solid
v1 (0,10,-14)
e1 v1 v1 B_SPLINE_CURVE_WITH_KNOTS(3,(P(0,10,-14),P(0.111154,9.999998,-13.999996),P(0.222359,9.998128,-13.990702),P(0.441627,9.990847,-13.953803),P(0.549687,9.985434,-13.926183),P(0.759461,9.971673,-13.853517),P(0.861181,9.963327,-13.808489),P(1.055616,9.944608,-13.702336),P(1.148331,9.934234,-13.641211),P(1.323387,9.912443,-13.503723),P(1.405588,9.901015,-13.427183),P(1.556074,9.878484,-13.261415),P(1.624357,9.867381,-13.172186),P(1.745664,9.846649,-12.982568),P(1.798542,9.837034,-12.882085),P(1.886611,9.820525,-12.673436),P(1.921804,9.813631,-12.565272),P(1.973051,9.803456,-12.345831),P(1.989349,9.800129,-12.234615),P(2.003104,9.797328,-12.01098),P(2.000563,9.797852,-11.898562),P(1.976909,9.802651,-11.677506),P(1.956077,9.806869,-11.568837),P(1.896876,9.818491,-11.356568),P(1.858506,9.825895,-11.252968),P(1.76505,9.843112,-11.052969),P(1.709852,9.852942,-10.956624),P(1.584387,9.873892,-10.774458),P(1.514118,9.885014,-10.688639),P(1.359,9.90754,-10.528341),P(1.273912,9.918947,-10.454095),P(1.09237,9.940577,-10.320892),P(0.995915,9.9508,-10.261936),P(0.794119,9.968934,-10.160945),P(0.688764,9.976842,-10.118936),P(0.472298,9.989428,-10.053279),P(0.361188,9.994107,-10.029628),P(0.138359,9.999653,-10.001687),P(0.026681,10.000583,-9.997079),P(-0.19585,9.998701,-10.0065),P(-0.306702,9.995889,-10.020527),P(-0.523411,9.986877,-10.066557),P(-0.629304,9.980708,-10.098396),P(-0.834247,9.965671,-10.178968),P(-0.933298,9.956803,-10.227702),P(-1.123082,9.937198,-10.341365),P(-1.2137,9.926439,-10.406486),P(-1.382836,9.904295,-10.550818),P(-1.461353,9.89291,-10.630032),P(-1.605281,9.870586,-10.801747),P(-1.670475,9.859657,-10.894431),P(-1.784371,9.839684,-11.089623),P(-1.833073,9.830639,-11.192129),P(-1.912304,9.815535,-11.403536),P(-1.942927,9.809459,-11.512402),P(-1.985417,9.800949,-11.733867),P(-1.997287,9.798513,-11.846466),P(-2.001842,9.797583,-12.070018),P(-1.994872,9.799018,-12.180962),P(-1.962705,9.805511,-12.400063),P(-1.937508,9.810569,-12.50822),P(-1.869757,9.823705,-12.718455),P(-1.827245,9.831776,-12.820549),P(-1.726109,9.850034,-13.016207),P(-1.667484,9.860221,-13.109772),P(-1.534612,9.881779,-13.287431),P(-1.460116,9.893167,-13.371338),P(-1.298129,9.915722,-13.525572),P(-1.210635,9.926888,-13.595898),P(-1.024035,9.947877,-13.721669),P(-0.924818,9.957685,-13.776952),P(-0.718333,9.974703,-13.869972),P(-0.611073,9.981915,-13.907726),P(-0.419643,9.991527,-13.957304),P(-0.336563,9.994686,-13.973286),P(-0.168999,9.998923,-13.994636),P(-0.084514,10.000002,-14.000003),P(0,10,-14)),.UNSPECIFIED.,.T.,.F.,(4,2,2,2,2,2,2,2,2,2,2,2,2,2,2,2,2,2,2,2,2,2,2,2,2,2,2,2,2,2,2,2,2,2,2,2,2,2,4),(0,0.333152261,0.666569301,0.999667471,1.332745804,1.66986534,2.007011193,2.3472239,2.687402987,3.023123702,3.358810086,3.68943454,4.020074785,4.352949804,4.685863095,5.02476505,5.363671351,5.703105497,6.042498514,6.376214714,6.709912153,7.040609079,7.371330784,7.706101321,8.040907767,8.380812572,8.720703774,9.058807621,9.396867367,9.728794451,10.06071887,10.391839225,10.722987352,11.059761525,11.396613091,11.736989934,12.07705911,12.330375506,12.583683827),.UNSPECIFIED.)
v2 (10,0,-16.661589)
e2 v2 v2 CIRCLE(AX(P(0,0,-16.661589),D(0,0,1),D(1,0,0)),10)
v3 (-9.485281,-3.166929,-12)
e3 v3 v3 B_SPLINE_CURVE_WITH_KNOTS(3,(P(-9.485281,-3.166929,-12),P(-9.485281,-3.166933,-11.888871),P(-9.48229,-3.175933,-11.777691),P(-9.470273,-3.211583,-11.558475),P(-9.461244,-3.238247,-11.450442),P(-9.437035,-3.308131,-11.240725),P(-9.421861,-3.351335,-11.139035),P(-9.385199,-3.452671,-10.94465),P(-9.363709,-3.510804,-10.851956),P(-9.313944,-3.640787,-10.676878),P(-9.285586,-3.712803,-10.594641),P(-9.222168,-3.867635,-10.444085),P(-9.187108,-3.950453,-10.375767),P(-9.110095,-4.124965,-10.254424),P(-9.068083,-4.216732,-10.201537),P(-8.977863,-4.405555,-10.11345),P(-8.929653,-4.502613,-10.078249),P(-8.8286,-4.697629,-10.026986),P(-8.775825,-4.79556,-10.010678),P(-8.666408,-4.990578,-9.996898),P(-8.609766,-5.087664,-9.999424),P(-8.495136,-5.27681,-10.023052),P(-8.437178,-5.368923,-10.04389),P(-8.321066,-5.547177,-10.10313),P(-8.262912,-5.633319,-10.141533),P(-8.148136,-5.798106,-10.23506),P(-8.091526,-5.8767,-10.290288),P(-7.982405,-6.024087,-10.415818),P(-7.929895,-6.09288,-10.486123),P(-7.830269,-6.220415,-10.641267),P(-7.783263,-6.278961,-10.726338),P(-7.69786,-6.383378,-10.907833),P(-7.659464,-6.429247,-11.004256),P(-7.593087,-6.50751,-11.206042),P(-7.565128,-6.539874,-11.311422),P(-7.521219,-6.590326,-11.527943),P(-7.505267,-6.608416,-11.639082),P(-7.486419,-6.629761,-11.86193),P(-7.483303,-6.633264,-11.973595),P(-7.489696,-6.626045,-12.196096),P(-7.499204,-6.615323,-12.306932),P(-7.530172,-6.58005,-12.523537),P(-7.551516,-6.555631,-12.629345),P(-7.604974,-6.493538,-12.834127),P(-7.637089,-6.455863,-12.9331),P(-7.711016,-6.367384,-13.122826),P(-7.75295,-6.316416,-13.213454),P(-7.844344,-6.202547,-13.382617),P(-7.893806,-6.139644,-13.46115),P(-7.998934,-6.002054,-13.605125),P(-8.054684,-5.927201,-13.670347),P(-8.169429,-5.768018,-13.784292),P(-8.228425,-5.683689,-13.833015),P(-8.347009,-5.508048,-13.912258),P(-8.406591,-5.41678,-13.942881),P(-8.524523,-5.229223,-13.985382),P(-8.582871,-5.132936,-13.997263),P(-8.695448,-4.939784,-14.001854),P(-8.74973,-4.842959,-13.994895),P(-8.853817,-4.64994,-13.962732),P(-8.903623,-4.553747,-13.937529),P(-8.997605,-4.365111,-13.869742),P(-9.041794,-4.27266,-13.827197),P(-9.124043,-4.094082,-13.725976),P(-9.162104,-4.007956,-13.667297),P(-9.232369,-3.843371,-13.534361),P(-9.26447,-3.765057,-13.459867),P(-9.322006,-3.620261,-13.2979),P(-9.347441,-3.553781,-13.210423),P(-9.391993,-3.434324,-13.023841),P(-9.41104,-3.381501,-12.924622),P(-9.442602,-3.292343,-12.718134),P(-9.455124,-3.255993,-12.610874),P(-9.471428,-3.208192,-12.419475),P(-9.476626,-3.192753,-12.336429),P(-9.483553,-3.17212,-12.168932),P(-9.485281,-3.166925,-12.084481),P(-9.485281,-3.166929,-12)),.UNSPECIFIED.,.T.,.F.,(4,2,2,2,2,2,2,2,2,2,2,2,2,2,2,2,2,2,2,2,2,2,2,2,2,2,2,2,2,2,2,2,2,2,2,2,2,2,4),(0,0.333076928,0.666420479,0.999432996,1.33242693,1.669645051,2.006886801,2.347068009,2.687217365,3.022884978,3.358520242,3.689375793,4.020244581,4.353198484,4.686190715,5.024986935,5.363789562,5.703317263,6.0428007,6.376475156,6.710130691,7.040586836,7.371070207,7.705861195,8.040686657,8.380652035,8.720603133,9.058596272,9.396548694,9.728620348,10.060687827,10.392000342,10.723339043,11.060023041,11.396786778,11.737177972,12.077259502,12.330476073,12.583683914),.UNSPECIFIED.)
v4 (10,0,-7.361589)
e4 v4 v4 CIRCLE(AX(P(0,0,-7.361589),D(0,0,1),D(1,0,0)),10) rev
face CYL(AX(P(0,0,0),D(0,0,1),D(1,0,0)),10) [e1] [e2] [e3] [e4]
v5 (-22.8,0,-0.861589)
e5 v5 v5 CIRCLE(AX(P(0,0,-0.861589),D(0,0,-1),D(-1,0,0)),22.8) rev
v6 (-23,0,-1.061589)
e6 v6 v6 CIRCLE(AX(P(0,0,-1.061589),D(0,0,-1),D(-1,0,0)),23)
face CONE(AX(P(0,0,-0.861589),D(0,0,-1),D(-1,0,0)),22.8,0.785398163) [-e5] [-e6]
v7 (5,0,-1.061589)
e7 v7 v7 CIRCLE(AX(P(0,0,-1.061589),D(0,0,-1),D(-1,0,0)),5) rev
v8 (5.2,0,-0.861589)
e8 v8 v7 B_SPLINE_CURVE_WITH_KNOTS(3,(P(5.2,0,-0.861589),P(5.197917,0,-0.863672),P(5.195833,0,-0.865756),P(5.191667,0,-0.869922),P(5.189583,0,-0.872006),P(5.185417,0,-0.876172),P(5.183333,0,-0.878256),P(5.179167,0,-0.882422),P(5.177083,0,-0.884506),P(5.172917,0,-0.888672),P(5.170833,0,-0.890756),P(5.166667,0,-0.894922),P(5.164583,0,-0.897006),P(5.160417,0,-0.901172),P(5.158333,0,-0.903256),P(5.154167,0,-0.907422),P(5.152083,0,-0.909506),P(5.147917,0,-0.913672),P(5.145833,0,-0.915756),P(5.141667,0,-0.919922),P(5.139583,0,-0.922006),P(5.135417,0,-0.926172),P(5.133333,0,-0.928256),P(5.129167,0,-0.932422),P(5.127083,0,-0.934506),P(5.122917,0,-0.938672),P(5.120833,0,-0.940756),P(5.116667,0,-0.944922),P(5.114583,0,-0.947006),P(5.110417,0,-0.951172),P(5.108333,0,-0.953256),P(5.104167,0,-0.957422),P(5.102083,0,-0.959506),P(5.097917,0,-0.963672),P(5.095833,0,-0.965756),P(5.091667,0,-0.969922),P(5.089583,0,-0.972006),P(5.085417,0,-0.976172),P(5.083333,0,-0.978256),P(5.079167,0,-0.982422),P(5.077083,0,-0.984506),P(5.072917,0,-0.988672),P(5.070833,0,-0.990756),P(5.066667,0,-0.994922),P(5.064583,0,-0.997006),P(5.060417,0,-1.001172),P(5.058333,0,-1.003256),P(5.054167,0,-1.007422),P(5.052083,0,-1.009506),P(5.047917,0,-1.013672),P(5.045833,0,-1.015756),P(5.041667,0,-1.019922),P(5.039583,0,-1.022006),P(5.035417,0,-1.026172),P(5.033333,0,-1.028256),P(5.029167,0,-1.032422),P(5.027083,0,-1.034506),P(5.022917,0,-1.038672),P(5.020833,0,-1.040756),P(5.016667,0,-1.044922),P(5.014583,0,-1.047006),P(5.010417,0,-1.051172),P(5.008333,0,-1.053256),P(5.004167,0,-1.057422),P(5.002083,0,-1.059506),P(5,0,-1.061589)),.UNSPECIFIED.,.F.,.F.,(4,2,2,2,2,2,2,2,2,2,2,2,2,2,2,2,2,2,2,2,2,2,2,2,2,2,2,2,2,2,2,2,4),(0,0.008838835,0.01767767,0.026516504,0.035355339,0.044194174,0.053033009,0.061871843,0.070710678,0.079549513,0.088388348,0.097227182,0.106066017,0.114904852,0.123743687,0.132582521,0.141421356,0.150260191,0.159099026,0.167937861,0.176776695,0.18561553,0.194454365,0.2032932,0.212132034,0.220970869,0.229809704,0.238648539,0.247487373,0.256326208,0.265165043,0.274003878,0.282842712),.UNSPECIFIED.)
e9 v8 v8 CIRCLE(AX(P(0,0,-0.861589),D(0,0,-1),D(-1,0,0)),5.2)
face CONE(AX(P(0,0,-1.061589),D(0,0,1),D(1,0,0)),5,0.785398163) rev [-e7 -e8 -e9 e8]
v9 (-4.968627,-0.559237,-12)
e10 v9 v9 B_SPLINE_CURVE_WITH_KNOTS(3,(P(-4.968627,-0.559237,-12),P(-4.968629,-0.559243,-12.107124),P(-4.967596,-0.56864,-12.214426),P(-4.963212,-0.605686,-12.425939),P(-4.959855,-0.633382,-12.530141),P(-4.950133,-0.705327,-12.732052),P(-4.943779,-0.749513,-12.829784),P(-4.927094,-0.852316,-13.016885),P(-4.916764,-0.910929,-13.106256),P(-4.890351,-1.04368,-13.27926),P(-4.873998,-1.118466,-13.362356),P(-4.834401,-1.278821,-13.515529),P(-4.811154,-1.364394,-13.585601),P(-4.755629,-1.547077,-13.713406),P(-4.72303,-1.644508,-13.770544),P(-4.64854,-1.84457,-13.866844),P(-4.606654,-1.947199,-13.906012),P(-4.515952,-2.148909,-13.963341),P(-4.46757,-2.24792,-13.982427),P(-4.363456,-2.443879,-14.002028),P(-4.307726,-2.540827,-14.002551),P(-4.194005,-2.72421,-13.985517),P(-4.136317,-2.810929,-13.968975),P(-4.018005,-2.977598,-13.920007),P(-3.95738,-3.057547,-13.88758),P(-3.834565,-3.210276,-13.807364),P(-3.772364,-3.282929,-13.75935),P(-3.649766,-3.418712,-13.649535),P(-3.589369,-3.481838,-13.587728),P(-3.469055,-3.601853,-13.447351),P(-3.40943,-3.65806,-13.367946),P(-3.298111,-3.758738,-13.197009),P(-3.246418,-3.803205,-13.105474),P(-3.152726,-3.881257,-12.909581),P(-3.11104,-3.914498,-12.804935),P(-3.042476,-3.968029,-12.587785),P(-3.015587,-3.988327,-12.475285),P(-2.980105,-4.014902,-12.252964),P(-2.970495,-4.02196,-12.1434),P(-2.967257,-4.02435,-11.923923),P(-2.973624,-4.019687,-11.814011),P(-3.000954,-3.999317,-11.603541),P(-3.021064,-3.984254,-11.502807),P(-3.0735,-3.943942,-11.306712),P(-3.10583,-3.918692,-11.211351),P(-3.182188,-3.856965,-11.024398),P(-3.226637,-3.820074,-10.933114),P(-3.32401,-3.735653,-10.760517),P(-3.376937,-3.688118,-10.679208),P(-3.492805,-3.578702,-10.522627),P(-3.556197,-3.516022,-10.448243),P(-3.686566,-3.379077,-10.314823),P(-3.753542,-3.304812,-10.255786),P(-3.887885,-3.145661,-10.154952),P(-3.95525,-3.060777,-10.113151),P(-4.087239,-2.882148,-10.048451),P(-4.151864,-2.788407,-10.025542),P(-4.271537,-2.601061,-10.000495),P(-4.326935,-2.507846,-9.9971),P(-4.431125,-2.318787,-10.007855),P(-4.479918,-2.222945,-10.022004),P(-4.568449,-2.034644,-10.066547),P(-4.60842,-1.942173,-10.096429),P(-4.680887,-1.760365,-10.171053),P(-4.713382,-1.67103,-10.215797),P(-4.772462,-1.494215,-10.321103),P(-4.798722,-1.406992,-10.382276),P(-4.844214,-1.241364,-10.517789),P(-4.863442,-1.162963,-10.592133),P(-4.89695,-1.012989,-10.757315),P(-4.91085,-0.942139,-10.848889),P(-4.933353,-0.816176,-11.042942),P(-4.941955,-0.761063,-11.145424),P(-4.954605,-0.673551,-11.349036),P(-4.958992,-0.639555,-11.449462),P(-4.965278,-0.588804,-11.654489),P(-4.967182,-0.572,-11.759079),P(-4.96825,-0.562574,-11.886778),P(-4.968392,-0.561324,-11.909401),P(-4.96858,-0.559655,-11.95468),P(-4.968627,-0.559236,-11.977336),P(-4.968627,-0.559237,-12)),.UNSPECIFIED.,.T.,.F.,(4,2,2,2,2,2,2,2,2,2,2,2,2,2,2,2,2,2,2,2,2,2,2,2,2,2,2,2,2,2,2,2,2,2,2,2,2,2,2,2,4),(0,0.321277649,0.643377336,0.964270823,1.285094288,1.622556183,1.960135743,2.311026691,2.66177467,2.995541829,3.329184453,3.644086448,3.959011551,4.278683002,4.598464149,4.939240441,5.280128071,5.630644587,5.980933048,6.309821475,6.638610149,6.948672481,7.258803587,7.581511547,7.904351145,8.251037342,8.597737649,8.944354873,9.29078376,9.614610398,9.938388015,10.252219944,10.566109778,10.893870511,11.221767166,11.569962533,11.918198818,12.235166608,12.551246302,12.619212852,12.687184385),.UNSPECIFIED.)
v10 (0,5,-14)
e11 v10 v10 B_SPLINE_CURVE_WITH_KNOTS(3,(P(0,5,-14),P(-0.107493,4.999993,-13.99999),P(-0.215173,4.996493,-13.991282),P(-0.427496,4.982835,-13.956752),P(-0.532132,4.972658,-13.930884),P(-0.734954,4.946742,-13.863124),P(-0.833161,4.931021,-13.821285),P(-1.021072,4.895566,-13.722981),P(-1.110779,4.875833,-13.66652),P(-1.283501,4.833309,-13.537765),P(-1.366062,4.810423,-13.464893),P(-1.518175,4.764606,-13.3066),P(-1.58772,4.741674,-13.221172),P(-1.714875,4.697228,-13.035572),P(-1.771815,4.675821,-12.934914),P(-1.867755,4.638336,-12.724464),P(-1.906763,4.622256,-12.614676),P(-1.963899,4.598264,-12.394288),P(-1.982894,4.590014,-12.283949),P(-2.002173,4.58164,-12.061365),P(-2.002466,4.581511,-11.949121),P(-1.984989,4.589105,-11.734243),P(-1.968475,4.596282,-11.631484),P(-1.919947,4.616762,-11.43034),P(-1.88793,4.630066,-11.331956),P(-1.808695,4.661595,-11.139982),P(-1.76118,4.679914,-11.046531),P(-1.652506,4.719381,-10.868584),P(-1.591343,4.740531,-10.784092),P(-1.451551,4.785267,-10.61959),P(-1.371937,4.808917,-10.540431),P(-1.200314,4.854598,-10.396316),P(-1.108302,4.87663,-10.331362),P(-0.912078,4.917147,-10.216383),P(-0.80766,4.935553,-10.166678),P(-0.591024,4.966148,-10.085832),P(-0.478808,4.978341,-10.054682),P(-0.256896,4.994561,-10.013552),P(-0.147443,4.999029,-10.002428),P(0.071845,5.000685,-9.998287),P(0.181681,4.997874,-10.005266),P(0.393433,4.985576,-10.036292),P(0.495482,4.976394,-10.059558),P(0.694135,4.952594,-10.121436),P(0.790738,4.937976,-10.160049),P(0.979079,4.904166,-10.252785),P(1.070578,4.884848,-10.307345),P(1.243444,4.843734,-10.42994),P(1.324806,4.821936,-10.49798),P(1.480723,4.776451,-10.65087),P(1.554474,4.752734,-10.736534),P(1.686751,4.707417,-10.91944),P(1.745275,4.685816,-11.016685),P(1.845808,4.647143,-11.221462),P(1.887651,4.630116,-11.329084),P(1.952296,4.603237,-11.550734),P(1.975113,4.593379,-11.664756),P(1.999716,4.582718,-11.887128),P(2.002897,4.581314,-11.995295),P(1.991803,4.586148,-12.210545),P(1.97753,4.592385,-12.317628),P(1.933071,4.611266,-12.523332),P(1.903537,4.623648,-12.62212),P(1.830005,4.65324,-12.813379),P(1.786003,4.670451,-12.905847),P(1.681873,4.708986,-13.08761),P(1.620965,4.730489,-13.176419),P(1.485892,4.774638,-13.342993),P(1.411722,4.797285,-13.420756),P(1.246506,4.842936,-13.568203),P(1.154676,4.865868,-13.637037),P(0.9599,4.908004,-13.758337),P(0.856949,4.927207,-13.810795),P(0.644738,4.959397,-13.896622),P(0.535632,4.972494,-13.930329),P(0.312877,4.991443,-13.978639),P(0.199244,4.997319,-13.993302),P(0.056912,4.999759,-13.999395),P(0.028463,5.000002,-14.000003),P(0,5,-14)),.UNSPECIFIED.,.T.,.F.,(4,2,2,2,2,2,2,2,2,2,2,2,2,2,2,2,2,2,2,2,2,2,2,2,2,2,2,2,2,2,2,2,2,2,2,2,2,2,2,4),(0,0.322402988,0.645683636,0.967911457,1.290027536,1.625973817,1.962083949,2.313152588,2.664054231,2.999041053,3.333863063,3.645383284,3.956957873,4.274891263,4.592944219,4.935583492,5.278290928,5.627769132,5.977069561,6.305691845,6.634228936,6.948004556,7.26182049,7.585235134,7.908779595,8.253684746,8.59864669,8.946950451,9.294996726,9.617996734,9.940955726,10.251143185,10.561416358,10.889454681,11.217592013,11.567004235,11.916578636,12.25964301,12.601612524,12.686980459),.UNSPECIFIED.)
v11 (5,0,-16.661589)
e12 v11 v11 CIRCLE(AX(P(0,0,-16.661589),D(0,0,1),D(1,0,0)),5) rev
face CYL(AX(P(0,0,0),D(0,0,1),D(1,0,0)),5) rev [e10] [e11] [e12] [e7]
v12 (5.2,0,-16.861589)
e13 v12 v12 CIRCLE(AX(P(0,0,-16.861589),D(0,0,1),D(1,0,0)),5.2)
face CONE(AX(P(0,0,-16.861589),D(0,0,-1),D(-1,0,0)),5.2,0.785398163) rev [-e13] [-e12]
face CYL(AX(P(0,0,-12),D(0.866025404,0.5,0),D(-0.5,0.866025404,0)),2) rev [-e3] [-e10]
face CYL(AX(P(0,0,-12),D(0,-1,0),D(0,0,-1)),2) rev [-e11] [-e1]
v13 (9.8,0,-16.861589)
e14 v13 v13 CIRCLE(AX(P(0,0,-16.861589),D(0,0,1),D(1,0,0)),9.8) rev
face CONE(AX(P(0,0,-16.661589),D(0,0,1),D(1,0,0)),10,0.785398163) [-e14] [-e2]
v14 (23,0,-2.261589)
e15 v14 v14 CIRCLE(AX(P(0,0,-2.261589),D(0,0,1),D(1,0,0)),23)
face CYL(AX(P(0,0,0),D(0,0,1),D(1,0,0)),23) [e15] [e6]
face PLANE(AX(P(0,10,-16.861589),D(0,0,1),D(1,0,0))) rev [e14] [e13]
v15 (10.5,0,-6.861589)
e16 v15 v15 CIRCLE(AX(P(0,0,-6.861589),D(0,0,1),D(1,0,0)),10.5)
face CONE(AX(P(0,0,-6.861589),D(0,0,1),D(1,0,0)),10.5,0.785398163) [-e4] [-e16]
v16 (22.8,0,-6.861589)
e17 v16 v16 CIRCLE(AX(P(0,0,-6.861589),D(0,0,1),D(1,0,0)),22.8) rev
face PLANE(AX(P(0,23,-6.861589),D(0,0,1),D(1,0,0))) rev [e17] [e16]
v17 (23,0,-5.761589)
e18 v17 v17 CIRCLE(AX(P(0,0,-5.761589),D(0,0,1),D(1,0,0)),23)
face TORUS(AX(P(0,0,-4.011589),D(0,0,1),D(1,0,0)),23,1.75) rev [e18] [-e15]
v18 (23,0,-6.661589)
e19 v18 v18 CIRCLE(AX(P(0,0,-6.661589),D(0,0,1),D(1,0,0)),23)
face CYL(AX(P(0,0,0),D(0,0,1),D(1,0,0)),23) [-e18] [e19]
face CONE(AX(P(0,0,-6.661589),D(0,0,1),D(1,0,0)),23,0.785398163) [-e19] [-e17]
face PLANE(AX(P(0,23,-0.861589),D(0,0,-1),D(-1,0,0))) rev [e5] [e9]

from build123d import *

# Parameters (mm, degrees)
SKETCH_2_W               = 2
SKETCH_2_H               = 31.418584287
PATTERN_CIRCULAR_1_COUNT = 2
PATTERN_CIRCULAR_1_ANGLE = 120
CHAMFER_1_SIZE           = 0.2
CHAMFER_2_SIZE           = 0.5


with BuildPart() as part:
    # 草图1 → 旋转1 (revolve)
    with BuildSketch(Plane(origin=(0, 0, 0), x_dir=(0, 0, -1), z_dir=(1, 0, 0)), mode=Mode.PRIVATE) as revolve_1_sk:
        with BuildLine():
            Line((0.861588836, 5), (16.861588836, 5))
            Line((16.861588836, 5), (16.861588836, 10))
            Line((16.861588836, 10), (6.861588836, 10))
            Line((6.861588836, 10), (6.861588836, 23))
            Line((6.861588836, 23), (5.761588836, 23))
            ThreePointArc((5.761588836, 23), (4.011588836, 21.25), (2.261588836, 23))
            Line((2.261588836, 23), (0.861588836, 23))
            Line((0.861588836, 23), (0.861588836, 5))
        make_face()
    revolve(revolve_1_sk.sketch.rotate(Axis((0, 0, 0), (0, 0, -1)), 90), axis=Axis((0, 0, 0), (0, 0, -1)))

    # 草图2 → M4 螺纹孔1 (revolve, cut)
    with BuildSketch(Plane(origin=(0, 0, -12), x_dir=(0, 0, -1), z_dir=(1, 0, 0))):
        with Locations((1, 15.709292144)):
            Rectangle(SKETCH_2_W, SKETCH_2_H)
    hole_wizard_m4_1 = revolve(axis=Axis((0, -6.35, -12), (0, 1, 0)), mode=Mode.SUBTRACT)

    # 阵列(圆周)1: M4 螺纹孔1 ×2 about axis
    pattern_circular_1_axis = Axis((0, 0, 0), (0, 0, 1))
    for i in range(1, PATTERN_CIRCULAR_1_COUNT):
        add(hole_wizard_m4_1.rotate(pattern_circular_1_axis, i * PATTERN_CIRCULAR_1_ANGLE / (PATTERN_CIRCULAR_1_COUNT - 1)), mode=Mode.SUBTRACT)

    # 倒角1
    chamfer_1_edges = [part.edges().sort_by_distance(p)[0] for p in [
        (-23, 0, -0.861588836),
        (-23, 0, -6.861588836),
        (-10, 0, -16.861588836),
        (-5, 0, -16.861588836),
        (-5, 0, -0.861588836),
    ]]
    chamfer(chamfer_1_edges, length=CHAMFER_1_SIZE)

    # 倒角2
    chamfer_2_edges = [part.edges().sort_by_distance(p)[0] for p in [
        (-10, 0, -6.861588836),
    ]]
    chamfer(chamfer_2_edges, length=CHAMFER_2_SIZE)


solid = part.part
